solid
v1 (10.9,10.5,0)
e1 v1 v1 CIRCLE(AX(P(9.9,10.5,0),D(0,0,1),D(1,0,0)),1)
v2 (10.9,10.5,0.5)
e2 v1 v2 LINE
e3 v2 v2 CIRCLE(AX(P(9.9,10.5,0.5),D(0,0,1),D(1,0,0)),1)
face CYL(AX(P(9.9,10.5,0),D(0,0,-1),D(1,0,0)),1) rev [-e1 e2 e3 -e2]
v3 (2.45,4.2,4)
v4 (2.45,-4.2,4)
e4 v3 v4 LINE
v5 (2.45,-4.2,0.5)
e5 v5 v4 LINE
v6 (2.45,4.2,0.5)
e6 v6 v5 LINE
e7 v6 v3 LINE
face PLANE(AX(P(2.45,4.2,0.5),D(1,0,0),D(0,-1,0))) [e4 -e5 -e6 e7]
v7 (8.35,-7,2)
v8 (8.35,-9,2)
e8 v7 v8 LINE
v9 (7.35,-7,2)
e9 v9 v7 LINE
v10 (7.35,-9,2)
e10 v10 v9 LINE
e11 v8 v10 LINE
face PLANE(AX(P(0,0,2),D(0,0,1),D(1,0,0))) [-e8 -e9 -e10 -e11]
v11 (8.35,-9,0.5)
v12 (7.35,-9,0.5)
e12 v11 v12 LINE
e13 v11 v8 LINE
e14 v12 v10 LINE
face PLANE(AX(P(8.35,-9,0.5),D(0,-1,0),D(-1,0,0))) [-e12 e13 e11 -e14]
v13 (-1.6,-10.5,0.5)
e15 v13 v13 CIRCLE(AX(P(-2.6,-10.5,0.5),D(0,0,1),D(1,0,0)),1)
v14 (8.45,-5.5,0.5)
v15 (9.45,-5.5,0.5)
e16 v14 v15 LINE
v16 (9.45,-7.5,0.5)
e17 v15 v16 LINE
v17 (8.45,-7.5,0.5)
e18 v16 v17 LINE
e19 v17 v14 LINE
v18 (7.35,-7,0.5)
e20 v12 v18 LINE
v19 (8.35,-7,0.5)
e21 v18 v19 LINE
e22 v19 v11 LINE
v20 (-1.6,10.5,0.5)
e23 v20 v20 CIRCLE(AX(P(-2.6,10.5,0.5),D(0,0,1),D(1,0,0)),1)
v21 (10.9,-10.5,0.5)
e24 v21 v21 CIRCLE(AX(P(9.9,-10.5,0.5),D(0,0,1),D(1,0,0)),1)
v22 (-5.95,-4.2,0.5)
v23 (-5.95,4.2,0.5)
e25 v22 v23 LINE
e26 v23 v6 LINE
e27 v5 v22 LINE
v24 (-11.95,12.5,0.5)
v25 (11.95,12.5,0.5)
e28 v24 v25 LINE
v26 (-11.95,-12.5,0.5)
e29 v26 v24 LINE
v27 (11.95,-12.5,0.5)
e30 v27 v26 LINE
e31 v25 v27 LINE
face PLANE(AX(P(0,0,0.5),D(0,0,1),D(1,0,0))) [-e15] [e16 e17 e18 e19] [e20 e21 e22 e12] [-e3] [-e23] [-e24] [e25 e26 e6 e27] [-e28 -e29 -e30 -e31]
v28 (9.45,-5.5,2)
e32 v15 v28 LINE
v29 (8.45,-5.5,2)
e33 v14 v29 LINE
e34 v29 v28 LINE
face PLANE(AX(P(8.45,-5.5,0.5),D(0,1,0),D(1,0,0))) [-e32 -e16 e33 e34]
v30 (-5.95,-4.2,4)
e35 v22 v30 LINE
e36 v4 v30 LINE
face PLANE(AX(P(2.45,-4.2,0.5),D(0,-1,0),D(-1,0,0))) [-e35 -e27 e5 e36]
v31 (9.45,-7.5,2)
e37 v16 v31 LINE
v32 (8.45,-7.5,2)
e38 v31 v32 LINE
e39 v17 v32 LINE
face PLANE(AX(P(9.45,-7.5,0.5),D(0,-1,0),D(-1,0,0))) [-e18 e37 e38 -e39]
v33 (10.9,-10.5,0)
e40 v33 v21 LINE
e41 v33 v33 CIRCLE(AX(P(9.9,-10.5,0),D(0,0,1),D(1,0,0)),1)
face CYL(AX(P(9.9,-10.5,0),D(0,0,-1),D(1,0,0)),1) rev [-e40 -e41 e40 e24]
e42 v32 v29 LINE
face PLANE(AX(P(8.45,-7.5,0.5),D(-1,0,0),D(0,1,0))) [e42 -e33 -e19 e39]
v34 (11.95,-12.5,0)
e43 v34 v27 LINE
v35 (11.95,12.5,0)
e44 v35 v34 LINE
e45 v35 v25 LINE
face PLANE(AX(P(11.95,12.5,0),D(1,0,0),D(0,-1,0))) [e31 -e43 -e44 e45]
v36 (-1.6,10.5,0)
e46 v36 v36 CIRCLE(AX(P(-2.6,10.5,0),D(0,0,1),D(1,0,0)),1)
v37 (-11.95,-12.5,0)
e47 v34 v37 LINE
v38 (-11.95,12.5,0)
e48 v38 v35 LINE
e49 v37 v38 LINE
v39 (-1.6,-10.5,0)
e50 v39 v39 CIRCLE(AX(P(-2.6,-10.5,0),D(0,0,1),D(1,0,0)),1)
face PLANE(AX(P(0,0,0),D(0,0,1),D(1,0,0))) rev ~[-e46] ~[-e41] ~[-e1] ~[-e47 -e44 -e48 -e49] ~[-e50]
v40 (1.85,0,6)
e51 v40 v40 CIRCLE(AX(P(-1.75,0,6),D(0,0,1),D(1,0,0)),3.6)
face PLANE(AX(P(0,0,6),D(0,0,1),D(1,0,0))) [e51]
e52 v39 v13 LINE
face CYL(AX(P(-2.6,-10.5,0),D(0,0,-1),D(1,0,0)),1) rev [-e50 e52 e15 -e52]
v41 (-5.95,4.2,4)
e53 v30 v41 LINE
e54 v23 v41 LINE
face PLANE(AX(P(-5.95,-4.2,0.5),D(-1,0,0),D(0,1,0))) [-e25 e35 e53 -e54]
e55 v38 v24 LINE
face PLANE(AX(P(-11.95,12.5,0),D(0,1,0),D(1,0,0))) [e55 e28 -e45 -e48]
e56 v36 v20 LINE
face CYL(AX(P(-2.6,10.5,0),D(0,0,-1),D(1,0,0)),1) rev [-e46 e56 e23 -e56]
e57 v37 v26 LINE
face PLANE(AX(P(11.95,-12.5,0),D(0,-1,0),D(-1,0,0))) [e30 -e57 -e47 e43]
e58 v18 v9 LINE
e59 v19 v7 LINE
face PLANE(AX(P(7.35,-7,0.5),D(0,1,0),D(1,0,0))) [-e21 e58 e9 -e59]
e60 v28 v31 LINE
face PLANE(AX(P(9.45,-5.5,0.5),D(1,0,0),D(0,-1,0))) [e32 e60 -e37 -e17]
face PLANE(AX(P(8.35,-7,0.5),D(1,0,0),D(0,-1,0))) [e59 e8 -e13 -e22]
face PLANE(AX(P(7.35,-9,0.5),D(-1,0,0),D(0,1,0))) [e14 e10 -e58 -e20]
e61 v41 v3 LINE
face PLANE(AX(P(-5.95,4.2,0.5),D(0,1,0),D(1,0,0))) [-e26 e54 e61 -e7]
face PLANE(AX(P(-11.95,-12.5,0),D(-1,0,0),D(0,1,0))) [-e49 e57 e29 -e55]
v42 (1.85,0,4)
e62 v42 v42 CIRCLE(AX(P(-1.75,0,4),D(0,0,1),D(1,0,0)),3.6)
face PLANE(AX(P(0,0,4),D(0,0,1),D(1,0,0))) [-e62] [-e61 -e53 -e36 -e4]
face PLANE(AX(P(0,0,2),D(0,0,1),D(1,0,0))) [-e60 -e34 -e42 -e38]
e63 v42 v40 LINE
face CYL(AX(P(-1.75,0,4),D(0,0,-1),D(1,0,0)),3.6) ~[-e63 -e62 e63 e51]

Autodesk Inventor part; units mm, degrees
ref_plane "YZ Plane" through (0, 0, 0) normal (1, 0, 0) x (0, 1, 0)
ref_plane "XZ Plane" through (0, 0, 0) normal (0, 1, 0) x (-1, 0, 0)
ref_plane "XY Plane" through (0, 0, 0) normal (0, 0, 1) x (1, 0, 0)
sketch "Sketch1" plane through (0, 0, 0) normal (0, 0, 1) x (1, 0, 0)
  line L0 (-11.95, 12.5) -> (11.95, 12.5)
  line L1 (11.95, 12.5) -> (11.95, -12.5)
  line L2 (11.95, -12.5) -> (-11.95, -12.5)
  line L3 (-11.95, -12.5) -> (-11.95, 12.5)
  line L4 (-11.95, 12.5) -> (11.95, -12.5) construction
  line L5 (11.95, 12.5) -> (-11.95, -12.5) construction
  circle A0 centre (9.9, -10.5) radius 1
  circle A1 centre (-2.6, -10.5) radius 1
  line L6 (11.5332, -10.5) -> (-16.0268, -10.5) construction
  line L7 (9.9, -13.3661) -> (9.9, 11.2852) construction
  line L8 (11.2708, 10.5) -> (-4.8598, 10.5) construction
  circle A2 centre (9.9, 10.5) radius 1
  line L9 (-2.6, -15.3332) -> (-2.6, 11.9823) construction
  circle A3 centre (-2.6, 10.5) radius 1
  point P0 (0, 0)
  dimension "d0" = 23.9
  dimension "d1" = 25
  dimension "d2" = 2
  dimension "d3" = 21.85
  dimension "d5" = 2
  dimension "d6" = 9.35
  dimension "d7" = 2
  dimension "d8" = 23
  dimension "d9" = 2
  dimension "d10" = 2
extrude "Extrusion1" add sketch "Sketch1" along normal blind 0.5
sketch "Sketch2" plane through (0, 0, 0.5) normal (0, 0, 1) x (1, 0, 0)
  line L0 (-16.73, 0) -> (16.73, 0) construction
  line L1 (-5.95, 4.2) -> (2.45, 4.2)
  line L2 (2.45, 4.2) -> (2.45, -4.2)
  line L3 (2.45, -4.2) -> (-5.95, -4.2)
  line L4 (-5.95, -4.2) -> (-5.95, 4.2)
  line L5 (-5.95, 4.2) -> (2.45, -4.2) construction
  line L6 (2.45, 4.2) -> (-5.95, -4.2) construction
  line L7 (-11.95, 12.5) -> (-11.95, -12.5) projected
  point P0 (0, 0)
  point P1 (-1.75, 0)
  dimension "d13" = 8.4
  dimension "d14" = 8.4
  dimension "d15" = 6
extrude "Extrusion2" add sketch "Sketch2" along normal blind 3.5
sketch "Sketch3" plane through (0, 0, 4) normal (0, 0, 1) x (1, 0, 0)
  line L0 (-5.95, 4.2) -> (2.45, 4.2) construction
  line L1 (-5.95, 4.2) -> (2.45, -4.2) construction
  line L2 (-5.95, -4.2) -> (2.45, -4.2) construction
  line L3 (2.45, 4.2) -> (-5.95, -4.2) construction
  circle A0 centre (-1.75, 0) radius 3.6
  point P0 (0, 0)
  dimension "d18" = 7.2
extrude "Extrusion3" add sketch "Sketch3" along normal blind 2
sketch "Sketch4" plane through (0, 0, 0.5) normal (0, 0, 1) x (1, 0, 0)
  line L0 (7.35, -7) -> (8.35, -7)
  line L1 (8.35, -7) -> (8.35, -9)
  line L2 (8.35, -9) -> (7.35, -9)
  line L3 (7.35, -9) -> (7.35, -7)
  line L4 (8.45, -5.5) -> (9.45, -5.5)
  line L5 (9.45, -5.5) -> (9.45, -7.5)
  line L6 (9.45, -7.5) -> (8.45, -7.5)
  line L7 (8.45, -7.5) -> (8.45, -5.5)
  line L8 (-11.95, -12.5) -> (11.95, -12.5) projected
  line L9 (11.95, -12.5) -> (11.95, 12.5) projected
  point P0 (0, 0)
  dimension "d21" = 3.5
  dimension "d22" = 1
  dimension "d23" = 2
  dimension "d25" = 2.5
  dimension "d26" = 1
  dimension "d27" = 2
  dimension "d28" = 5
  dimension "d31" = 0.1
extrude "Extrusion4" add sketch "Sketch4" along normal blind 1.5
properties part number "Board"
